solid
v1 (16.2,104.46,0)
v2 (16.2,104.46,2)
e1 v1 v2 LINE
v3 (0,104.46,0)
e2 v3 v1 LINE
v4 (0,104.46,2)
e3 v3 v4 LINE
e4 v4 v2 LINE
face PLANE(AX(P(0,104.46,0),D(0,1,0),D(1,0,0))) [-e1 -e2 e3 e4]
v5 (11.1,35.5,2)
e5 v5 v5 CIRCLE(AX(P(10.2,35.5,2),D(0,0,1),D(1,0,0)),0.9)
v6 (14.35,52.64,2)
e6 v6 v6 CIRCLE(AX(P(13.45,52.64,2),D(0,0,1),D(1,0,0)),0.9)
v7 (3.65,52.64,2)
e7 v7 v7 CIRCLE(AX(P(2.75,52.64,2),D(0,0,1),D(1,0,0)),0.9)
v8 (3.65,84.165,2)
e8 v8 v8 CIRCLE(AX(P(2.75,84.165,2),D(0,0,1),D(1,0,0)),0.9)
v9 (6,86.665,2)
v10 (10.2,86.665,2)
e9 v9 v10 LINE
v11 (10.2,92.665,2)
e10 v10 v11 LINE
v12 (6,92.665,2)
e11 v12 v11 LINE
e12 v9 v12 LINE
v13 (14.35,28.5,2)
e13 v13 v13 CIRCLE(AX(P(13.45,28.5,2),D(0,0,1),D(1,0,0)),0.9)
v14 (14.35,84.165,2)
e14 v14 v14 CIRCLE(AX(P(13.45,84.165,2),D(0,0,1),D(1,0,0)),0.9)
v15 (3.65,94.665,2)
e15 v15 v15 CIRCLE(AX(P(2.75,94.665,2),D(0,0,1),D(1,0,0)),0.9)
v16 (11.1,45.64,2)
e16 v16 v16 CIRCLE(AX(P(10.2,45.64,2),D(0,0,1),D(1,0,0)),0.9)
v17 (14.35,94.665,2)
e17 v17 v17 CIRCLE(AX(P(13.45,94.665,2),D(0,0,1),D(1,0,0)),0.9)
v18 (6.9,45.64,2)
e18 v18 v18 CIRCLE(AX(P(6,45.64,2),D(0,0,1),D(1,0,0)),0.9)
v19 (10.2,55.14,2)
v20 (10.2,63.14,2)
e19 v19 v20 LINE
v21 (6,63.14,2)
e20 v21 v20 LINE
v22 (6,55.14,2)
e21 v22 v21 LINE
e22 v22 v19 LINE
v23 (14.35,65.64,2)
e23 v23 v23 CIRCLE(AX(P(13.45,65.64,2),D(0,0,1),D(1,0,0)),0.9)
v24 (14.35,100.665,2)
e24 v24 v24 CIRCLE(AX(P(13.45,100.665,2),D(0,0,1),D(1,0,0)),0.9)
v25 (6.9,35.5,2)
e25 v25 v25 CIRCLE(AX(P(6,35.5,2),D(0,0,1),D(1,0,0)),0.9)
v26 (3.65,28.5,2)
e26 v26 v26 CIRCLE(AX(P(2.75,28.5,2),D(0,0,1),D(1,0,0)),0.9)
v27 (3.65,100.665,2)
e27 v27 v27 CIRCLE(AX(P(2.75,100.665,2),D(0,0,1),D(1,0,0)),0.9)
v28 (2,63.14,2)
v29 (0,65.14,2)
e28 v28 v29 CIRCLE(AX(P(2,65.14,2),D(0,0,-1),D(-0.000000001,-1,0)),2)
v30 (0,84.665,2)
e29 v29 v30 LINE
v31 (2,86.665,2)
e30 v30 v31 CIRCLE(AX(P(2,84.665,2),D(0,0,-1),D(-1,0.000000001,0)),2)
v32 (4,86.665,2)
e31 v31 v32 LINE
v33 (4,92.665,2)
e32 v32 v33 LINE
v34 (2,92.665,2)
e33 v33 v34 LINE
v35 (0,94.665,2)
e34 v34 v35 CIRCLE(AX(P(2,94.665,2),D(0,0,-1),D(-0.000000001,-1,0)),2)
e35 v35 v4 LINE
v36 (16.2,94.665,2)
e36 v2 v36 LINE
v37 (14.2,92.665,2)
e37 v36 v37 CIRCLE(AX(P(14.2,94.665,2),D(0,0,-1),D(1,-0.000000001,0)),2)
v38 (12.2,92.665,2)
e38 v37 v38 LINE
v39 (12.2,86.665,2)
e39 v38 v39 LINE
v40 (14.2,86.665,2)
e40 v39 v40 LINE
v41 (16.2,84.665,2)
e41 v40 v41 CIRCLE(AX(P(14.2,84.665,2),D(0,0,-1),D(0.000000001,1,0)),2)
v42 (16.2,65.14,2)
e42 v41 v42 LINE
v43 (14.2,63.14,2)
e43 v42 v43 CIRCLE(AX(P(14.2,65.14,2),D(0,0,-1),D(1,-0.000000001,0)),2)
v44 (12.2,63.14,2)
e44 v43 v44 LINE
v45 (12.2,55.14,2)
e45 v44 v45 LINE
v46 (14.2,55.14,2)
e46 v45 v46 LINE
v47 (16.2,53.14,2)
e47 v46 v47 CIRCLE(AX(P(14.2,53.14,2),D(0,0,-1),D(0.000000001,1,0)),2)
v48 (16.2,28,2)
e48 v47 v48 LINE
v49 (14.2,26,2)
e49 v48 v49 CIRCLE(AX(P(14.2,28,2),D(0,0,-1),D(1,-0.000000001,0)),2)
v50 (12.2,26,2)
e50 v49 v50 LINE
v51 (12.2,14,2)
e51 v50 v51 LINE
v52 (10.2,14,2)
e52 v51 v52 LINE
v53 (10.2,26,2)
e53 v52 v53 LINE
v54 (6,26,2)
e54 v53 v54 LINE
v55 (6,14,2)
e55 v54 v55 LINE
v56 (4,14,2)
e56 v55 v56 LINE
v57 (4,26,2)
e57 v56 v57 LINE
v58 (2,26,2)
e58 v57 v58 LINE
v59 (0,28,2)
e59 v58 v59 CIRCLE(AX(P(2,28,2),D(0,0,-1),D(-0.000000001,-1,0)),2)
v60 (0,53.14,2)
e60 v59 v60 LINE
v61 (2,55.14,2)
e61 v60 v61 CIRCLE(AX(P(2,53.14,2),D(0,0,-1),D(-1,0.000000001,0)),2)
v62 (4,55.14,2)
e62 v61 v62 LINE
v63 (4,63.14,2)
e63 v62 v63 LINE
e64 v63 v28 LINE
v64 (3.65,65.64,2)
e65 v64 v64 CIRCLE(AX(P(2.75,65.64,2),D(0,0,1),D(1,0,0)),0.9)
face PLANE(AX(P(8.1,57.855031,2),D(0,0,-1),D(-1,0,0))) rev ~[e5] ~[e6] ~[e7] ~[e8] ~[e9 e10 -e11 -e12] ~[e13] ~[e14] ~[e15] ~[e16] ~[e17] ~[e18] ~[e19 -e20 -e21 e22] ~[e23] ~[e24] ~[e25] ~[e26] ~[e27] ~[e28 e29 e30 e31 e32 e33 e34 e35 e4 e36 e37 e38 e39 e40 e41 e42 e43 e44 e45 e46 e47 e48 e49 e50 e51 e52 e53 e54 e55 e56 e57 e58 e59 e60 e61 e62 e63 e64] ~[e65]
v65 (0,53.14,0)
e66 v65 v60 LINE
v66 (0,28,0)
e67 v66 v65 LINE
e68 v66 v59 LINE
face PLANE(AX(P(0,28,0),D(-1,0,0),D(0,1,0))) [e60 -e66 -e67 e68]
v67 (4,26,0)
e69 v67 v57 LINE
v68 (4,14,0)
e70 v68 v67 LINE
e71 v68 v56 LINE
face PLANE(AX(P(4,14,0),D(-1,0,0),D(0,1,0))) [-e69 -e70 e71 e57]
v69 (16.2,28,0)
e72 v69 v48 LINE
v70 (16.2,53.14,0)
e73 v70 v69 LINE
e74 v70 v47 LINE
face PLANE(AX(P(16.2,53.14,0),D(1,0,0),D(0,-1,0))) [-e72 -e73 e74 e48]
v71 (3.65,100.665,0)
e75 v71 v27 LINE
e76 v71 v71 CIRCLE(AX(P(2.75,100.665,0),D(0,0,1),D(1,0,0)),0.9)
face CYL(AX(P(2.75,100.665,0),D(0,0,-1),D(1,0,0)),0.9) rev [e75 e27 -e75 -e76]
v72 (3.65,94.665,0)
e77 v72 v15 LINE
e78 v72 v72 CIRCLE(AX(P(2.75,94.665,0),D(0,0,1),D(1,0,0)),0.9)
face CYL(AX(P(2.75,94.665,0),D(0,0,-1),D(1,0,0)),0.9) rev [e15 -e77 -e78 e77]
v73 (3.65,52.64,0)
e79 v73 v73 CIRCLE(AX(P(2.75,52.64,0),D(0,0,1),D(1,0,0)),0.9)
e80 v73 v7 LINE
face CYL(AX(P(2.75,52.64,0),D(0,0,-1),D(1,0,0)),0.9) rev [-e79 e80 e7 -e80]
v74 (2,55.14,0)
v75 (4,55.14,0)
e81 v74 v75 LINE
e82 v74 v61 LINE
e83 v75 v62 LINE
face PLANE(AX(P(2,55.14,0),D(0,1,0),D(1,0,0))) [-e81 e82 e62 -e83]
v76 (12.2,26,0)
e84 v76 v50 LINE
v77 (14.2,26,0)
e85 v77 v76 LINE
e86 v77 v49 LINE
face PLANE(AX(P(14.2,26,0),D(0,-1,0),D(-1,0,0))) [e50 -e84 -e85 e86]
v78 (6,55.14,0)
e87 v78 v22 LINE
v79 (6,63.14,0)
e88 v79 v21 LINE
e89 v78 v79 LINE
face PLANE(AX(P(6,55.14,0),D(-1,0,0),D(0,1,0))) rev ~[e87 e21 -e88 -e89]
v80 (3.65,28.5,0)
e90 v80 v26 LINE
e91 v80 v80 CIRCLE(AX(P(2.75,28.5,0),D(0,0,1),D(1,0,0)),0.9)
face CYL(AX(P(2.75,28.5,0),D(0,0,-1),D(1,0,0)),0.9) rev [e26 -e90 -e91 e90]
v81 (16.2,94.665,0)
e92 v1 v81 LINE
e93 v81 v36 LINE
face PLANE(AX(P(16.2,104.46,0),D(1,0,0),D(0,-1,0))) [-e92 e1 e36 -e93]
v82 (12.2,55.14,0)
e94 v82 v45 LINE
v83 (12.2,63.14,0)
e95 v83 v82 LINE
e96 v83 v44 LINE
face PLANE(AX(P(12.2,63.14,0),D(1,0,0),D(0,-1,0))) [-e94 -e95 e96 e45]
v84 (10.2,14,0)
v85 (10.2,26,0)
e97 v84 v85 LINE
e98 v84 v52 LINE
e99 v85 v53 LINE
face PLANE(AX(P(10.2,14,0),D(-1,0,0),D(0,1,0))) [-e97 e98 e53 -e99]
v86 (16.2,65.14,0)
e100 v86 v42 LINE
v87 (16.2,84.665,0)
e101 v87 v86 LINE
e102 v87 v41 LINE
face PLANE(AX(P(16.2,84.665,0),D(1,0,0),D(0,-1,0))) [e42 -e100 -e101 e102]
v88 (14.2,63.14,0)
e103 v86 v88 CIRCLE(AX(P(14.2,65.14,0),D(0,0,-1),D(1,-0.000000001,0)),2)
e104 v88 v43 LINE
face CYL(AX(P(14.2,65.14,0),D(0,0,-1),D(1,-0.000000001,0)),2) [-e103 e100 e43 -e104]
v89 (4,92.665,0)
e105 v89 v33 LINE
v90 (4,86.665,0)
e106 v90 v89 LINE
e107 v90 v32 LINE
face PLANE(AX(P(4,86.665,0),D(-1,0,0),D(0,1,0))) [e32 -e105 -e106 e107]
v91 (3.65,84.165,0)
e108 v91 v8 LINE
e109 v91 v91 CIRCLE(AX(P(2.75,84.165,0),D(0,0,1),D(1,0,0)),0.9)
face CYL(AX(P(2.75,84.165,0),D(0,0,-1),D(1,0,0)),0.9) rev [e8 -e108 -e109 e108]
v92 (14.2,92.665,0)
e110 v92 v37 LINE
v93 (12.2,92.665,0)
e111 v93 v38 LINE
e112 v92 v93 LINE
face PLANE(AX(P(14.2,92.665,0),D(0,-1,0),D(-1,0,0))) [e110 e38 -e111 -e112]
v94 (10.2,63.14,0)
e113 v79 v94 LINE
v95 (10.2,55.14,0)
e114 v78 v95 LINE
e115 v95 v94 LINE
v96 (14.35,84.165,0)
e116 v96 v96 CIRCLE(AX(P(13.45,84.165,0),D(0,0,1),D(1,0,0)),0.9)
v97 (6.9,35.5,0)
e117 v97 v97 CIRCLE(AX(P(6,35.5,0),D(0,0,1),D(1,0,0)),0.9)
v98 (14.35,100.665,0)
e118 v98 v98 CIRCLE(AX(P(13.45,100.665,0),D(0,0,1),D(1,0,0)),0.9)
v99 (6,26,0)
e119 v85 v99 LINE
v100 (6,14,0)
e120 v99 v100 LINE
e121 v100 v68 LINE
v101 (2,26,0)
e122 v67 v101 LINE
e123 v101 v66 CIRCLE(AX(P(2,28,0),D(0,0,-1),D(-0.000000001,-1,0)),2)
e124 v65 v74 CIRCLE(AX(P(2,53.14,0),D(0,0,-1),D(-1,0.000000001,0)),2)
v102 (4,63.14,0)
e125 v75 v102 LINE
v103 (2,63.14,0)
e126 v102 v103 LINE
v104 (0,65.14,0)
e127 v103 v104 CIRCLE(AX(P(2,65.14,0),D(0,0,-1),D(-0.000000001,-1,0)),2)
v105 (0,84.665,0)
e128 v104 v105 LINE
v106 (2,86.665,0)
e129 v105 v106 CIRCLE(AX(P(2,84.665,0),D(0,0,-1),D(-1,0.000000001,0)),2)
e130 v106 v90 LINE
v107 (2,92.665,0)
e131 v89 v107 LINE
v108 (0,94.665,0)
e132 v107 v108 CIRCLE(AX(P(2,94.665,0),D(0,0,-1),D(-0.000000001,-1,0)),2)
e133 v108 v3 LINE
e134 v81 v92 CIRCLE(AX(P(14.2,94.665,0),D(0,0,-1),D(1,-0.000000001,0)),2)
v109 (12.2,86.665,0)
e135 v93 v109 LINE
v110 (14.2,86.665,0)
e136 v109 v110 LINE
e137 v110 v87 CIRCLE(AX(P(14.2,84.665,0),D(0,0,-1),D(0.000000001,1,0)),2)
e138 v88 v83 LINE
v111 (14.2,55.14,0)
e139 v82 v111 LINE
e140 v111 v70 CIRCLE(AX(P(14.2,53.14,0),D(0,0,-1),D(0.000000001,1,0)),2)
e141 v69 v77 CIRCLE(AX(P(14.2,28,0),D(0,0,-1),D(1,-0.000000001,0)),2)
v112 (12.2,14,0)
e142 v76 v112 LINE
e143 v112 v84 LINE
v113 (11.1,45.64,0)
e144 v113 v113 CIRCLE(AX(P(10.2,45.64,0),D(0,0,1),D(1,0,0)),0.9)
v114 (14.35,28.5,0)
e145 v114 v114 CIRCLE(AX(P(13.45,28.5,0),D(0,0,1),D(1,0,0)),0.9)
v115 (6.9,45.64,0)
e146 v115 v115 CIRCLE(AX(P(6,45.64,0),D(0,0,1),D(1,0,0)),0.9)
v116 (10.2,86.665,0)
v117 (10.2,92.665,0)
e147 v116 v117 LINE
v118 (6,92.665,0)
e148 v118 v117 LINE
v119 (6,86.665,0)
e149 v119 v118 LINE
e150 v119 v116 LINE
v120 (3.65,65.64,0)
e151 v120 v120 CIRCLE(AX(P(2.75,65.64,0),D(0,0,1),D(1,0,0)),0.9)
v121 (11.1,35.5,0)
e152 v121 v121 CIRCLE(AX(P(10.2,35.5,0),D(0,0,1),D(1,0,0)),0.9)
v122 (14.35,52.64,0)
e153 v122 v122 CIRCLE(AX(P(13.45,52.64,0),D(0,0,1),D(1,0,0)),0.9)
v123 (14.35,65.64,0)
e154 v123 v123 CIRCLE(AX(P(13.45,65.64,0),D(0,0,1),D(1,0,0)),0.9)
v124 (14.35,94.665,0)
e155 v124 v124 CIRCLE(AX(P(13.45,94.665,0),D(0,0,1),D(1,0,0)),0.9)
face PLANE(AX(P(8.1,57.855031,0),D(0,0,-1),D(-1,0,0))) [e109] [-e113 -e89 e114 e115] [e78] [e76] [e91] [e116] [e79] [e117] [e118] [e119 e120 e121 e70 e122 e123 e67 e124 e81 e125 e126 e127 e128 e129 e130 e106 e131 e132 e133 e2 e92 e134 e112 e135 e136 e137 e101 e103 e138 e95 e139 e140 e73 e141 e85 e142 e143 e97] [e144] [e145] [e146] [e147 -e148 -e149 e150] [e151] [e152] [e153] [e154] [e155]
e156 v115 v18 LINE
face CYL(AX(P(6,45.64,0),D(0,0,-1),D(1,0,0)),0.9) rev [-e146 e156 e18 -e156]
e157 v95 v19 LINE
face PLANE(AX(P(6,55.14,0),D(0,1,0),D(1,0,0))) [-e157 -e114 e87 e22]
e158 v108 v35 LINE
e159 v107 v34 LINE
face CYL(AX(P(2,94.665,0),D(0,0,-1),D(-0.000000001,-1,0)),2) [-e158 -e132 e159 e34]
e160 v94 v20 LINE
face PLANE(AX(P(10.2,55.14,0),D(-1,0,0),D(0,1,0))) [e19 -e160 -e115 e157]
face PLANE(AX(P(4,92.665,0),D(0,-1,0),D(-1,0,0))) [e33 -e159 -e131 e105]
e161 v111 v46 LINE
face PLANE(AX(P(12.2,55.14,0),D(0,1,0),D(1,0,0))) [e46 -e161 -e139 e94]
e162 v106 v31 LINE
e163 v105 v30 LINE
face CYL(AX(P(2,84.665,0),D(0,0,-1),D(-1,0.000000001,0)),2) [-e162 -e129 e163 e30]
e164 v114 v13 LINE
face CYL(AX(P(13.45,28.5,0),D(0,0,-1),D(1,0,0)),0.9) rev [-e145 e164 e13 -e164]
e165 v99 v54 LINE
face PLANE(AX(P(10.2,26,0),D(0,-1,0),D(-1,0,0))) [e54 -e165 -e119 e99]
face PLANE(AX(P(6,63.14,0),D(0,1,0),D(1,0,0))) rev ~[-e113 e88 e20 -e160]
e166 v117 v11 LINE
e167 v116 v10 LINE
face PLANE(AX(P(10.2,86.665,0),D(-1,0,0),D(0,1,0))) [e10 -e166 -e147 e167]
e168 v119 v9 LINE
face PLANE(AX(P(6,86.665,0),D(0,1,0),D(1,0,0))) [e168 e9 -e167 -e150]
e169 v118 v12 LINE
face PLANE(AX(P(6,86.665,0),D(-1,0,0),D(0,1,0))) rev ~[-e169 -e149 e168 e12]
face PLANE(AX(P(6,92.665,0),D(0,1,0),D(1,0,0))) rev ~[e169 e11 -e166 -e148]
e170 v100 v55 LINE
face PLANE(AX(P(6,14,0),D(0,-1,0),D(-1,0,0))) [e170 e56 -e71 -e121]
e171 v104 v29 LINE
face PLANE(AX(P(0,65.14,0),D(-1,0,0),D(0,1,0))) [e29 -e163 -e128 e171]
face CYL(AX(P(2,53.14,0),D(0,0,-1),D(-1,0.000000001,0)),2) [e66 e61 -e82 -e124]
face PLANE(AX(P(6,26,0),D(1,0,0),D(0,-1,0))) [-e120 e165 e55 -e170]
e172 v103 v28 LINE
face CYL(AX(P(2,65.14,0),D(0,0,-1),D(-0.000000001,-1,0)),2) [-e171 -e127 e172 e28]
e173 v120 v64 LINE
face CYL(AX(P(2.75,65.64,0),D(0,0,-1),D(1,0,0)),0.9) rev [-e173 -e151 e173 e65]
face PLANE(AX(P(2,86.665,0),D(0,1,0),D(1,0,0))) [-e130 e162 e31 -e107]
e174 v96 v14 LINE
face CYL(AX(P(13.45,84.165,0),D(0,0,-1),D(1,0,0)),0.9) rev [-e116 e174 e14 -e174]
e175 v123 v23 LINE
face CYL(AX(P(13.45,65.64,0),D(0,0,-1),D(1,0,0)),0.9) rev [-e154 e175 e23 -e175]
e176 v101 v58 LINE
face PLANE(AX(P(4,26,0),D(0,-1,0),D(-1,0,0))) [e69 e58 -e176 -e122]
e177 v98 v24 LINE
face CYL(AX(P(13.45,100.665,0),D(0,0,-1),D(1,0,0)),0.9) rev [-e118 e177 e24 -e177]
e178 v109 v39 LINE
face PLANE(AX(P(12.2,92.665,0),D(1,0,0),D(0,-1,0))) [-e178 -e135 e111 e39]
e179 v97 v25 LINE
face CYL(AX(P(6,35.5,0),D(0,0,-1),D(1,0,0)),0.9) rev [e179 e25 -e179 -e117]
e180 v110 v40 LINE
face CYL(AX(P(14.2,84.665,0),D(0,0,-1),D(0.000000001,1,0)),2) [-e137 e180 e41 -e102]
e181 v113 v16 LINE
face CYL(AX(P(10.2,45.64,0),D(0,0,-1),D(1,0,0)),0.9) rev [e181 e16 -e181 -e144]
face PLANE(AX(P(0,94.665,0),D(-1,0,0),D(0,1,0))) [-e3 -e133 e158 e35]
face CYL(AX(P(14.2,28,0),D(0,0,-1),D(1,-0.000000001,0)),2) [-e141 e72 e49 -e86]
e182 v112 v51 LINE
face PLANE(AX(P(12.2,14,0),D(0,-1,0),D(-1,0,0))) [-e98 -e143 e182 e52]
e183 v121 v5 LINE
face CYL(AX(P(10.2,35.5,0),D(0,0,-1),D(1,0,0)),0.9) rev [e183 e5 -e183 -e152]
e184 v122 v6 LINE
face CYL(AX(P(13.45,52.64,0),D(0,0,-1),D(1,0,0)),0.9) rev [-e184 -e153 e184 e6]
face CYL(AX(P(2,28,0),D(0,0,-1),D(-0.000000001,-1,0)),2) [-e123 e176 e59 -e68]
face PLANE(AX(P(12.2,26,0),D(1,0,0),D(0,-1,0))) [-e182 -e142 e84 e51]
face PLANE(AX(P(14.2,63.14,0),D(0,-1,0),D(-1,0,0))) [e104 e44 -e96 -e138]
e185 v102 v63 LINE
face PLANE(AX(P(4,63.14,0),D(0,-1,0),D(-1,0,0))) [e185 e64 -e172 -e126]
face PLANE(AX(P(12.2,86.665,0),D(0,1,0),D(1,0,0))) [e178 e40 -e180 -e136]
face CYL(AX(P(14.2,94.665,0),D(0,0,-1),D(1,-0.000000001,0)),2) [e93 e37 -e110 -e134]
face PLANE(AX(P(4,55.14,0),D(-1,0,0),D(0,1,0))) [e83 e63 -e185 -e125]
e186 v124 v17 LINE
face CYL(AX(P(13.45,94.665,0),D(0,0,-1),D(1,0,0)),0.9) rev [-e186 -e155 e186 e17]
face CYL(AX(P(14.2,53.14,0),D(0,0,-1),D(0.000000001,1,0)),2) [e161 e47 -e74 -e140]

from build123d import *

# Parameters (mm, degrees)
SKETCH1_R           = 0.9
SKETCH1_W           = 4.2
SKETCH1_H           = 8
SKETCH1_H_2         = 6
BOSS_EXTRUDE1_DEPTH = 2


with BuildPart() as part:
    # Sketch1 → Boss-Extrude1 (new body)
    with BuildSketch(Plane.XY):
        with BuildLine():
            Line((4, 26), (2, 26))
            ThreePointArc((2, 26), (0.585786438, 26.585786438), (0, 28))
            Line((0, 28), (0, 53.14))
            ThreePointArc((0, 53.14), (0.585786438, 54.554213562), (2, 55.14))
            Line((2, 55.14), (4, 55.14))
            Line((4, 55.14), (4, 63.14))
            Line((4, 63.14), (2, 63.14))
            ThreePointArc((2, 63.14), (0.585786438, 63.725786438), (0, 65.14))
            Line((0, 65.14), (0, 84.665))
            ThreePointArc((0, 84.665), (0.585786438, 86.079213562), (2, 86.665))
            Line((2, 86.665), (4, 86.665))
            Line((4, 86.665), (4, 92.665))
            Line((4, 92.665), (2, 92.665))
            ThreePointArc((2, 92.665), (0.585786438, 93.250786438), (0, 94.665))
            Line((0, 94.665), (0, 104.46))
            Line((0, 104.46), (16.2, 104.46))
            Line((16.2, 104.46), (16.2, 94.665))
            ThreePointArc((16.2, 94.665), (15.614213562, 93.250786438), (14.2, 92.665))
            Line((14.2, 92.665), (12.2, 92.665))
            Line((12.2, 92.665), (12.2, 86.665))
            Line((12.2, 86.665), (14.2, 86.665))
            ThreePointArc((14.2, 86.665), (15.614213562, 86.079213562), (16.2, 84.665))
            Line((16.2, 84.665), (16.2, 65.14))
            ThreePointArc((16.2, 65.14), (15.614213562, 63.725786438), (14.2, 63.14))
            Line((14.2, 63.14), (12.2, 63.14))
            Line((12.2, 63.14), (12.2, 55.14))
            Line((12.2, 55.14), (14.2, 55.14))
            ThreePointArc((14.2, 55.14), (15.614213562, 54.554213562), (16.2, 53.14))
            Line((16.2, 53.14), (16.2, 28))
            ThreePointArc((16.2, 28), (15.614213562, 26.585786438), (14.2, 26))
            Line((14.2, 26), (12.2, 26))
            Line((12.2, 26), (12.2, 14))
            Line((12.2, 14), (10.2, 14))
            Line((10.2, 14), (10.2, 26))
            Line((10.2, 26), (6, 26))
            Line((6, 26), (6, 14))
            Line((6, 14), (4, 14))
            Line((4, 14), (4, 26))
        make_face()
        with Locations((13.45, 94.665)):
            Circle(SKETCH1_R, mode=Mode.SUBTRACT)
        with Locations((13.45, 84.165)):
            Circle(SKETCH1_R, mode=Mode.SUBTRACT)
        with Locations((13.45, 65.64)):
            Circle(SKETCH1_R, mode=Mode.SUBTRACT)
        with Locations((13.45, 52.64)):
            Circle(SKETCH1_R, mode=Mode.SUBTRACT)
        with Locations((13.45, 28.5)):
            Circle(SKETCH1_R, mode=Mode.SUBTRACT)
        with Locations((10.2, 35.5)):
            Circle(SKETCH1_R, mode=Mode.SUBTRACT)
        with Locations((10.2, 45.64)):
            Circle(SKETCH1_R, mode=Mode.SUBTRACT)
        with Locations((13.45, 100.665)):
            Circle(SKETCH1_R, mode=Mode.SUBTRACT)
        with Locations((2.75, 100.665)):
            Circle(SKETCH1_R, mode=Mode.SUBTRACT)
        with Locations((6, 45.64)):
            Circle(SKETCH1_R, mode=Mode.SUBTRACT)
        with Locations((6, 35.5)):
            Circle(SKETCH1_R, mode=Mode.SUBTRACT)
        with Locations((2.75, 28.5)):
            Circle(SKETCH1_R, mode=Mode.SUBTRACT)
        with Locations((2.75, 52.64)):
            Circle(SKETCH1_R, mode=Mode.SUBTRACT)
        with Locations((2.75, 65.64)):
            Circle(SKETCH1_R, mode=Mode.SUBTRACT)
        with Locations((2.75, 84.165)):
            Circle(SKETCH1_R, mode=Mode.SUBTRACT)
        with Locations((2.75, 94.665)):
            Circle(SKETCH1_R, mode=Mode.SUBTRACT)
        with Locations((8.1, 59.14)):
            Rectangle(SKETCH1_W, SKETCH1_H, mode=Mode.SUBTRACT)
        with Locations((8.1, 89.665)):
            Rectangle(SKETCH1_W, SKETCH1_H_2, mode=Mode.SUBTRACT)
    extrude(amount=BOSS_EXTRUDE1_DEPTH)


solid = part.part
